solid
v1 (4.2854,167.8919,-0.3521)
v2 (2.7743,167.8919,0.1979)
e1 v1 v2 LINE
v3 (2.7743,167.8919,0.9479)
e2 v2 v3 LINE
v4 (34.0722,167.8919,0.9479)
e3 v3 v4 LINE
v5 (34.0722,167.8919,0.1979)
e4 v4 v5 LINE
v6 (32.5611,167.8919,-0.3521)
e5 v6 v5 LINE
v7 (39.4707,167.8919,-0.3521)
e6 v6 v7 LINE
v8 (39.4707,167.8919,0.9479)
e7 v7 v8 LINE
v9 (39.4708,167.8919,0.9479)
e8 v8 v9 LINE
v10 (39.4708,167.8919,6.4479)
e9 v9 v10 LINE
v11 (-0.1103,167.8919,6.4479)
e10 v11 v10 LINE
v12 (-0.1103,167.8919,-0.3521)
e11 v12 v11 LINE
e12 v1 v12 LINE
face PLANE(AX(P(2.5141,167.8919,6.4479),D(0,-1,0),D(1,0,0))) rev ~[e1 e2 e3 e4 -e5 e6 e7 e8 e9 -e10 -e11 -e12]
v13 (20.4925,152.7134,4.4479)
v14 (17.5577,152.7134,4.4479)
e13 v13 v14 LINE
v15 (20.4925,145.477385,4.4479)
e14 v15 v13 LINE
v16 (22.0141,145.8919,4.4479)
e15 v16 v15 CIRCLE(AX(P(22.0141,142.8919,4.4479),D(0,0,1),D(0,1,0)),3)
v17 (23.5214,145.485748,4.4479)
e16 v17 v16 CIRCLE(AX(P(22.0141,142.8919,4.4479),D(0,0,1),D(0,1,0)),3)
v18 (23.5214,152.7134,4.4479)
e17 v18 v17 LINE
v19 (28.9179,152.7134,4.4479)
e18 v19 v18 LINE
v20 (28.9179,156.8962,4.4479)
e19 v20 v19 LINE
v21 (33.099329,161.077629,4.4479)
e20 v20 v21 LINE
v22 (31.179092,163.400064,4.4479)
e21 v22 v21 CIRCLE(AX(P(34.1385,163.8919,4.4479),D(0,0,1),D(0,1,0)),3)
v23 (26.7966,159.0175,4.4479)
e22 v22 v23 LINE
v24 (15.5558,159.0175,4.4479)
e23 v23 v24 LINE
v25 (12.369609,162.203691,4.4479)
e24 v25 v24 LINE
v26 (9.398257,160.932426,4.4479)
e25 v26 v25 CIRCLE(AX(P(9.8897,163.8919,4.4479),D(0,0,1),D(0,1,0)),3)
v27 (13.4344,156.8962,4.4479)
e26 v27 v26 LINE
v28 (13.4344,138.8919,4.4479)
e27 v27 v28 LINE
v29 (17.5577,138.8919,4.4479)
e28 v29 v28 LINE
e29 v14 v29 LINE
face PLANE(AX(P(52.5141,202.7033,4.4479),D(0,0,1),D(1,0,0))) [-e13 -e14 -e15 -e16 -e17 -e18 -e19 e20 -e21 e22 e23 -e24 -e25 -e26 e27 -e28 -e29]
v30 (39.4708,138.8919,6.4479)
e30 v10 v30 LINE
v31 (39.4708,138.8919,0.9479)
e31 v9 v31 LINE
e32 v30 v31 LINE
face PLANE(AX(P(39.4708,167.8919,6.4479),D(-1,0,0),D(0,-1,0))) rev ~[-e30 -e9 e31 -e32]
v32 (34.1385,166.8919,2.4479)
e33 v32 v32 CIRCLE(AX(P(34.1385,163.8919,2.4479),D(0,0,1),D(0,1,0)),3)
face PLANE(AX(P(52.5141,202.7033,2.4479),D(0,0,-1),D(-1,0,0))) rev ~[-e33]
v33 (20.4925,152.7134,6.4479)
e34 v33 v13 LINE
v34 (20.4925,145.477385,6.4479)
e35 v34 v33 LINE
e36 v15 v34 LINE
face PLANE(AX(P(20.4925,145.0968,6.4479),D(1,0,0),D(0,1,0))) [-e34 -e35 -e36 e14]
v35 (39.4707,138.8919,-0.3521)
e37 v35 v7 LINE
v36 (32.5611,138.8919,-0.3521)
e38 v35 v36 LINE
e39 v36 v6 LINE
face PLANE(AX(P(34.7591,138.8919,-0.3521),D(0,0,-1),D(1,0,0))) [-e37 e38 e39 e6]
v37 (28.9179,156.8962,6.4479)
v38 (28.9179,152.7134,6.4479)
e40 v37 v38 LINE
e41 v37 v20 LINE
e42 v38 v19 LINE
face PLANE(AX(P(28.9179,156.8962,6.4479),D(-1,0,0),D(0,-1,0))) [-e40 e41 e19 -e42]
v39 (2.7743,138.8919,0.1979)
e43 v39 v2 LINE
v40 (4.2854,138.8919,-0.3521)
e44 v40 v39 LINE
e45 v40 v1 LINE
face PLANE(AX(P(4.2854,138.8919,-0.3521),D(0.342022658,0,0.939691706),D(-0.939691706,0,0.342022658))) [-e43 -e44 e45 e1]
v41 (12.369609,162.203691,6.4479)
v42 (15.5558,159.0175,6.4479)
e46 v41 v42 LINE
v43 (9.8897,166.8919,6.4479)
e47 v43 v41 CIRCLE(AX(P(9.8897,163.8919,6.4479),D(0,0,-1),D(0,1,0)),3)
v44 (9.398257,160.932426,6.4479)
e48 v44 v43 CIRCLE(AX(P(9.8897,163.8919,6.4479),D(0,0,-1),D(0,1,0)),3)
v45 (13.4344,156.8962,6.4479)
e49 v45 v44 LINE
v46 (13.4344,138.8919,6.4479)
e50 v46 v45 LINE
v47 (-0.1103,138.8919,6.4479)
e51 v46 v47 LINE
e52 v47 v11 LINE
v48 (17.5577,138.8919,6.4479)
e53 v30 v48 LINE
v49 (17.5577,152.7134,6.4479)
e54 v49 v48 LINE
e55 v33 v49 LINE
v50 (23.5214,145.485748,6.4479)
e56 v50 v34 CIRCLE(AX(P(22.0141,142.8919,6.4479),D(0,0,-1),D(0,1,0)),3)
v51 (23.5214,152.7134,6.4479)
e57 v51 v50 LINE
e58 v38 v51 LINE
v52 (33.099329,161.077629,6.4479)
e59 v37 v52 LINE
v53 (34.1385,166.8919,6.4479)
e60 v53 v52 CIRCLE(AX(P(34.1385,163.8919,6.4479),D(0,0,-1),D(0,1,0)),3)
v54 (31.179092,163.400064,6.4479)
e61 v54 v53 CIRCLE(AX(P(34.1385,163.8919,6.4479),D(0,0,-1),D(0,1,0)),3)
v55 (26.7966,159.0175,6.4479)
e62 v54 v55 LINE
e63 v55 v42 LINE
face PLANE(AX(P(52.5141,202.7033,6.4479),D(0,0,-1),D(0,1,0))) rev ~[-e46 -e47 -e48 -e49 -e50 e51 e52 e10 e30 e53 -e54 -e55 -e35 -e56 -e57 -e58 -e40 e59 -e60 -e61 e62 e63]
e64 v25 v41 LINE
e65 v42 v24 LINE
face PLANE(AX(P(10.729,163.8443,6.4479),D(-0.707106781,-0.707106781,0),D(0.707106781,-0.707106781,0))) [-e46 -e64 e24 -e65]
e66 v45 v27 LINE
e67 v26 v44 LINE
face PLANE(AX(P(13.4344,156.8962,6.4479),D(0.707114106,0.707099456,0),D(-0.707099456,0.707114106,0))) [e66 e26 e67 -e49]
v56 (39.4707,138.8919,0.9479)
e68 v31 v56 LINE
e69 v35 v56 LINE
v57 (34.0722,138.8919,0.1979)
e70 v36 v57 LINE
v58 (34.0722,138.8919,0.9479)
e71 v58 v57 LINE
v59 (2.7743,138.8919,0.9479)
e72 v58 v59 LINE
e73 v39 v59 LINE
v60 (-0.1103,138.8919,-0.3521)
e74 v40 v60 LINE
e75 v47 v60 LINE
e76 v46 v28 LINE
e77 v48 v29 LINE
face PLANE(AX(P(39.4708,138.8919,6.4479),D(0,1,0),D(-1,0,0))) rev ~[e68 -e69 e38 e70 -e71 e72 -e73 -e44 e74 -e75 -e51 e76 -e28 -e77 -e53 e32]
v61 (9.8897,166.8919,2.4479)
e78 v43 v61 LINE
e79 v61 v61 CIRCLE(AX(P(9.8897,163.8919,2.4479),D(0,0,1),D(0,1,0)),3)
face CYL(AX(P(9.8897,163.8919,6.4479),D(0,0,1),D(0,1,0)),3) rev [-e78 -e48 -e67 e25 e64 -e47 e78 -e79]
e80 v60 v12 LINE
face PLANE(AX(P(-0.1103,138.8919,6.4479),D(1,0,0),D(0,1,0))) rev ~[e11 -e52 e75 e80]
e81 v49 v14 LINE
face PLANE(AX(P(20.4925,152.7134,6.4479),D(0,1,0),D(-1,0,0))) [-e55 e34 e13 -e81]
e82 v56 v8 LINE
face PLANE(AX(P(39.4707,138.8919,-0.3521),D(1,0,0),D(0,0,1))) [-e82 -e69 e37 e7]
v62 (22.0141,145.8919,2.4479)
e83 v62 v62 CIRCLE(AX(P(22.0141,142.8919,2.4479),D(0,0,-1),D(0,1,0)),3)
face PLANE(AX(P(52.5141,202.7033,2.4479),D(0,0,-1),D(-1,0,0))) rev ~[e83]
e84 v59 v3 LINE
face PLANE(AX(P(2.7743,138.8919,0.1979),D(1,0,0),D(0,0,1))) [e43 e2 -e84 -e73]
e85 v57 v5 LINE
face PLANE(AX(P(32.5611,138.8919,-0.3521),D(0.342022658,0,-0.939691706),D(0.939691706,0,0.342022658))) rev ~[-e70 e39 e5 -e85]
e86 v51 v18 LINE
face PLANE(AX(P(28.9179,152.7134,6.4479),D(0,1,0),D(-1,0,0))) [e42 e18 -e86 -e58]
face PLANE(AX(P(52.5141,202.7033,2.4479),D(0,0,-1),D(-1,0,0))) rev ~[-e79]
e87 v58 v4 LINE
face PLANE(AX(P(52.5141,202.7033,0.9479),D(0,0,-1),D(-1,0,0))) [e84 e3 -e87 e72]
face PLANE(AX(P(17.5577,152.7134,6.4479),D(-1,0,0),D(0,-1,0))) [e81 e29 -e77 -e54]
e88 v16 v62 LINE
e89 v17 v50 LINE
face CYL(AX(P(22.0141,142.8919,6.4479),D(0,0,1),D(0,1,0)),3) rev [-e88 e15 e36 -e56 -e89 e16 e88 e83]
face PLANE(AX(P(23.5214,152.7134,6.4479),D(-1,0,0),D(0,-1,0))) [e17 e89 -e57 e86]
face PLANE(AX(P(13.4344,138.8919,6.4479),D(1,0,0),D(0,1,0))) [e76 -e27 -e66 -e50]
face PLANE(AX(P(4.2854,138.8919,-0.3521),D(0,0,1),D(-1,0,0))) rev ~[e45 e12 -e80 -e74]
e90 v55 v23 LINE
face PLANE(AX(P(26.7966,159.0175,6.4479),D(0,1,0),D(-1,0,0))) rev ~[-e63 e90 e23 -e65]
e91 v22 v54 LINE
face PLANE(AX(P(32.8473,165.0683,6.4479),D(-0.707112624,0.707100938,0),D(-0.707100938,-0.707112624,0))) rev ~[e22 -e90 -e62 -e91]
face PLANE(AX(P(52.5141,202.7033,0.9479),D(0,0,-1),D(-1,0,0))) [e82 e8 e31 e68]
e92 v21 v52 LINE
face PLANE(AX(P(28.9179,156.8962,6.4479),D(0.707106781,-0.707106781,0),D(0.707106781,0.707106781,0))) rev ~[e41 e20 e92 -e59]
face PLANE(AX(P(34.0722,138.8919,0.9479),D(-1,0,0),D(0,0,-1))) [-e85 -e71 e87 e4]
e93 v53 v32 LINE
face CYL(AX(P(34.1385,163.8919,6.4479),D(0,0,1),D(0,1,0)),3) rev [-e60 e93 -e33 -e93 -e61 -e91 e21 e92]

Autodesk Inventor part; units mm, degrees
ref_plane "YZ Plane" through (0, 0, 0) normal (1, 0, 0) x (0, 1, 0)
ref_plane "XZ Plane" through (0, 0, 0) normal (0, 1, 0) x (-1, 0, 0)
ref_plane "XY Plane" through (0, 0, 0) normal (0, 0, 1) x (1, 0, 0)
ref_plane "Work Plane1" through (52.5141, 202.7033, 6.4479) normal (0, 0, -1) x (0, 1, 0)
sketch "Sketch1" plane through (52.5141, 202.7033, 6.4479) normal (0, 0, -1) x (0, 1, 0)
  circle A0 centre (-59.8114, -30.5) radius 1.4 construction
  circle A1 centre (-38.8114, -18.3756) radius 1.4 projected
  circle A2 centre (-38.8114, -42.6244) radius 1.4 construction
  circle A3 centre (41, 0) radius 1.65 projected
  circle A4 centre (-9, 0) radius 1.65 projected
  circle A5 centre (-9, 50) radius 1.65 projected
  circle A6 centre (41, 50) radius 1.65 projected
  circle A7 centre (16, 50) radius 1.65 projected
  circle A8 centre (-9, 25) radius 1.65 projected
  circle A9 centre (16, 0) radius 1.65 projected
  circle A10 centre (41, 25) radius 1.65 projected
  line L0 (80, 55) -> (-80, 55) projected
  line L1 (-80, 55) -> (-80, -55) projected
  line L2 (-80, -55) -> (80, -55) projected
  line L3 (80, -55) -> (80, 55) projected
  line L4 (-36.5, 0) -> (-36.5, -50) projected
  line L5 (-14, 0) -> (-36.5, 0) projected
  line L6 (-14, -5) -> (-14, 0) projected
  line L7 (72, -5) -> (-14, -5) projected
  line L8 (72, -50) -> (72, -5) projected
  line L9 (-36.5, -50) -> (72, -50) projected
  line L10 (-4, 45) -> (-4, 5) projected
  line L11 (36, 45) -> (-4, 45) projected
  line L12 (36, 5) -> (36, 45) projected
  line L13 (-4, 5) -> (36, 5) projected
  line L14 (-64.5989, -17.0433) -> (-64.5989, -57.0433) construction
  line L15 (-64.5989, -57.0433) -> (-34.5989, -57.0433) construction
  line L16 (-34.5989, -57.0433) -> (-34.5989, -17.0433) construction
  line L17 (-34.5989, -17.0433) -> (-64.5989, -17.0433) construction
  line L18 (-34.8114, -13.0433) -> (-63.8114, -13.0433)
  line L19 (-63.8114, -13.0433) -> (-63.8114, -52.6244)
  line L20 (-63.8114, -52.6244) -> (-34.8114, -52.6244)
  line L21 (-34.8114, -52.6244) -> (-34.8114, -13.0433)
  circle A11 centre (-59.8114, -30.5) radius 3
  circle A12 centre (-38.8114, -18.3756) radius 3
  circle A13 centre (-38.8114, -42.6244) radius 3 construction
  line L22 (-36.5, -35.1157) -> (-41.75, -35.1157) construction
  line L23 (-41.75, -35.1157) -> (-41.75, -38.5657) construction
  line L24 (-41.75, -38.5657) -> (-56.86, -38.5657) construction
  line L25 (-56.86, -38.5657) -> (-56.86, -35.1157) construction
  line L26 (-56.86, -35.1157) -> (-60.26, -35.1157) construction
  line L27 (-60.26, -35.1157) -> (-60.26, -52.0657) construction
  line L28 (-60.26, -52.0657) -> (-36.5, -52.0657) construction
  line L29 (-36.5, -52.0657) -> (-36.5, -35.1157) construction
  line L30 (-41.75, -28.3657) -> (-36.5, -28.3657) construction
  line L31 (-36.5, -28.3657) -> (-36.5, -25.0657) construction
  line L32 (-36.5, -25.0657) -> (-60.26, -25.0657) construction
  line L33 (-60.26, -25.0657) -> (-60.26, -28.3657) construction
  line L34 (-60.26, -28.3657) -> (-56.86, -28.3657) construction
  line L35 (-56.86, -28.3657) -> (-56.86, -27.0942) construction
  line L36 (-56.86, -27.0942) -> (-41.75, -27.0942) construction
  line L37 (-41.75, -27.0942) -> (-41.75, -28.3657) construction
  line L38 (-56.86, -35.1157) -> (-60.26, -35.1157) construction
  line L39 (-56.86, -38.5657) -> (-56.86, -35.1157) construction
  line L40 (-41.75, -38.5657) -> (-56.86, -38.5657) construction
  line L41 (-41.75, -35.1157) -> (-41.75, -38.5657) construction
  line L42 (-36.5, -35.1157) -> (-41.75, -35.1157) construction
  line L43 (-36.5, -35.05) -> (-36.5, -35.1157) construction
  line L44 (-36.5, -35.05) -> (-56.86, -35.05) construction
  line L45 (-36.5, -34.78) -> (-36.5, -35.05) construction
  line L46 (-36.5, -34.78) -> (-56.86, -34.78) construction
  line L47 (-36.5, -34.51) -> (-36.5, -34.78) construction
  line L48 (-36.5, -34.51) -> (-56.86, -34.51) construction
  line L49 (-36.5, -34.24) -> (-36.5, -34.51) construction
  line L50 (-36.5, -34.24) -> (-56.86, -34.24) construction
  line L51 (-36.5, -33.97) -> (-36.5, -34.24) construction
  line L52 (-36.5, -33.97) -> (-56.86, -33.97) construction
  line L53 (-36.5, -33.7) -> (-36.5, -33.97) construction
  line L54 (-36.5, -33.7) -> (-56.86, -33.7) construction
  line L55 (-36.5, -33.43) -> (-36.5, -33.7) construction
  line L56 (-36.5, -33.43) -> (-56.86, -33.43) construction
  line L57 (-36.5, -33.16) -> (-36.5, -33.43) construction
  line L58 (-36.5, -33.16) -> (-56.86, -33.16) construction
  line L59 (-36.5, -32.89) -> (-36.5, -33.16) construction
  line L60 (-36.5, -32.89) -> (-56.86, -32.89) construction
  line L61 (-36.5, -32.62) -> (-36.5, -32.89) construction
  line L62 (-36.5, -32.62) -> (-56.86, -32.62) construction
  line L63 (-36.5, -32.35) -> (-36.5, -32.62) construction
  line L64 (-36.5, -32.35) -> (-56.86, -32.35) construction
  line L65 (-36.5, -32.08) -> (-36.5, -32.35) construction
  line L66 (-36.5, -32.08) -> (-56.86, -32.08) construction
  line L67 (-36.5, -31.81) -> (-36.5, -32.08) construction
  line L68 (-36.5, -31.81) -> (-56.86, -31.81) construction
  line L69 (-36.5, -31.54) -> (-36.5, -31.81) construction
  line L70 (-36.5, -31.54) -> (-56.86, -31.54) construction
  line L71 (-36.5, -31.27) -> (-36.5, -31.54) construction
  line L72 (-36.5, -31.27) -> (-56.86, -31.27) construction
  line L73 (-36.5, -31) -> (-36.5, -31.27) construction
  line L74 (-36.5, -31) -> (-56.86, -31) construction
  line L75 (-36.5, -30.73) -> (-36.5, -31) construction
  line L76 (-36.5, -30.73) -> (-56.86, -30.73) construction
  line L77 (-36.5, -30.46) -> (-36.5, -30.73) construction
  line L78 (-36.5, -30.46) -> (-56.86, -30.46) construction
  line L79 (-36.5, -30.19) -> (-36.5, -30.46) construction
  line L80 (-36.5, -30.19) -> (-56.86, -30.19) construction
  line L81 (-36.5, -29.92) -> (-36.5, -30.19) construction
  line L82 (-36.5, -29.92) -> (-56.86, -29.92) construction
  line L83 (-36.5, -29.65) -> (-36.5, -29.92) construction
  line L84 (-36.5, -29.65) -> (-56.86, -29.65) construction
  line L85 (-36.5, -29.38) -> (-36.5, -29.65) construction
  line L86 (-36.5, -29.38) -> (-56.86, -29.38) construction
  line L87 (-36.5, -29.11) -> (-36.5, -29.38) construction
  line L88 (-36.5, -29.11) -> (-56.86, -29.11) construction
  line L89 (-36.5, -28.84) -> (-36.5, -29.11) construction
  line L90 (-36.5, -28.84) -> (-56.86, -28.84) construction
  line L91 (-36.5, -28.3657) -> (-36.5, -28.84) construction
  line L92 (-41.75, -28.3657) -> (-36.5, -28.3657) construction
  line L93 (-41.75, -27.0942) -> (-41.75, -28.3657) construction
  line L94 (-56.86, -27.0942) -> (-41.75, -27.0942) construction
  line L95 (-56.86, -28.3657) -> (-56.86, -27.0942) construction
  line L96 (-60.26, -28.3657) -> (-56.86, -28.3657) construction
  line L97 (-60.26, -35.1157) -> (-60.26, -28.3657) construction
  line L98 (-60.26, -25.0657) -> (-36.5, -25.0657) construction
  line L99 (-36.5, -25.0657) -> (-36.5, -52.0657) construction
  line L100 (-60.26, -52.0657) -> (-60.26, -25.0657) construction
  line L101 (-57.1632, -22.5233) -> (-33.4032, -22.5233) construction
  line L102 (-33.4032, -22.5233) -> (-33.4032, -49.5233) construction
  line L103 (-33.4032, -49.5233) -> (-57.1632, -49.5233) construction
  line L104 (-57.1632, -49.5233) -> (-57.1632, -22.5233) construction
  circle A14 centre (-38.8114, -42.6244) radius 3
  point P0 (-202.7033, -52.5141)
  point P1 (-56.7146, -27.9576)
  dimension "d0" = 4
  dimension "d2" = 4
  dimension "d3" = 4
  dimension "d4" = 6
  dimension "d5" = 6
  dimension "d6" = 6
  dimension "d10" = 10
extrude "Extrusion1" add sketch "Sketch1" along normal blind 4 contours L18 L21 L9 L4 A14 A12 | L4 A12 A14 L9 L21 L20 L19 L18
sketch "Sketch2" plane through (52.5141, 202.7033, 2.4479) normal (0, 0, -1) x (-1, 0, 0)
  circle A0 centre (42.6244, -38.8114) radius 3 projected
  circle A1 centre (18.3756, -38.8114) radius 3 projected
  circle A2 centre (30.5, -59.8114) radius 3 projected
  line L0 (13.0433, -34.8114) -> (13.0433, -63.8114) projected
  line L1 (13.0433, -63.8114) -> (52.6244, -63.8114) projected
  line L2 (52.6244, -63.8114) -> (52.6244, -34.8114) projected
  line L3 (52.6244, -34.8114) -> (13.0433, -34.8114) projected
  point P0 (52.5141, -202.7033)
extrude "Extrusion2" add sketch "Sketch2" along normal blind 1.5 contours A0 | A1 | A2 | L3 L2 L1 L0
sketch "Sketch3" plane through (-0.1103, 138.8919, 6.4479) normal (0, -1, 0) x (1, 0, 0)
  line L0 (39.581, 0) -> (0, 0) construction
  line L1 (0, 0) -> (0, -5.5) construction
  line L2 (39.581, -5.5) -> (0, -5.5) projected
  line L3 (39.581, 0) -> (39.581, -5.5) projected
  line L4 (17.5087, -7.4479) -> (17.5087, -6.8479) construction
  line L5 (17.5087, -6.8479) -> (24.2587, -6.8479) construction
  line L6 (24.2587, -6.8479) -> (24.2587, -7.4479) construction
  line L7 (27.5587, -7.4479) -> (24.2587, -7.4479) construction
  line L8 (27.5587, -6.4479) -> (27.5587, -7.4479) construction
  line L9 (27.5587, -6.4479) -> (0.5587, -6.4479) construction
  line L10 (0.5587, -6.4479) -> (0.5587, -7.4479) construction
  line L11 (17.5087, -7.4479) -> (0.5587, -7.4479) construction
  line L12 (39.581, 0) -> (39.581, -5.5) construction
  line L13 (39.581, -5.5) -> (34.1825, -5.5)
  line L14 (34.1825, -5.5) -> (34.1825, -6.25)
  line L15 (34.8694, -6.8) -> (39.581, -6.8)
  line L16 (39.581, -6.8) -> (39.581, -5.5)
  line L17 (39.581, -6.8) -> (32.6714, -6.8)
  line L18 (32.6714, -6.8) -> (34.1825, -6.25)
  line L19 (12.6726, -5.5) -> (12.6726, -6.5) projected
  line L20 (0, 0) -> (0, -5.5) construction
  line L21 (0, -5.5) -> (2.8846, -5.5)
  line L22 (4.3957, -6.8) -> (0, -6.8)
  line L23 (0, -6.8) -> (0, -5.5)
  line L24 (4.3957, -6.8) -> (4.3957, -6.8)
  line L25 (0, -5.5) -> (39.581, -5.5) projected
  line L26 (4.3957, -6.8) -> (2.8846, -6.25)
  line L27 (2.8846, -6.25) -> (2.8846, -5.5)
  line L28 (3.4957, -5.5) -> (33.4957, -5.5) construction
  line L29 (33.4957, -5.5) -> (33.4957, -6.5) construction
  line L30 (33.4957, -6.5) -> (3.4957, -6.5) construction
  line L31 (3.4957, -6.5) -> (3.4957, -5.5) construction
  point P0 (8.981, -5.5)
  dimension "d42" = 1.3
  dimension "d43" = 110
  dimension "d45" = 0.75
  dimension "h1" = 0.75
  dimension "d47" = 110
  dimension "d48" = 30
  dimension "d49" = 1
  dimension "d50" = 0.9
  dimension "d51" = 0
extrude "Extrusion3" add sketch "Sketch3" against normal up to surface (29 mm away)
sketch "Sketch6" plane through (52.5141, 202.7033, 6.4479) normal (0, 0, 1) x (1, 0, 0)
  line L0 (-13.0433, -34.8114) -> (-13.0433, -63.8114) projected
  line L1 (-52.6244, -34.8114) -> (-13.0433, -34.8114) projected
  line L2 (-52.6244, -63.8114) -> (-52.6244, -34.8114) projected
  line L3 (-13.0433, -63.8114) -> (-52.6244, -63.8114) projected
  line L4 (-23.5962, -45.8071) -> (-17.5454, -39.7563)
  line L5 (-17.5454, -39.7563) -> (-19.6668, -37.635)
  line L6 (-19.6668, -37.635) -> (-25.7175, -43.6858)
  line L7 (-25.7175, -43.6858) -> (-23.5962, -45.8071)
  line L8 (-23.5962, -45.8071) -> (-19.6668, -37.635) construction
  line L9 (-17.5454, -39.7563) -> (-25.7175, -43.6858) construction
  line L10 (-39.0797, -45.8071) -> (-43.9064, -40.9803)
  line L11 (-43.9064, -40.9803) -> (-41.7851, -38.859)
  line L12 (-41.7851, -38.859) -> (-36.9583, -43.6858)
  line L13 (-36.9583, -43.6858) -> (-39.0797, -45.8071)
  line L14 (-39.0797, -45.8071) -> (-41.7851, -38.859) construction
  line L15 (-43.9064, -40.9803) -> (-36.9583, -43.6858) construction
  line L16 (-25.7175, -43.6858) -> (-36.9583, -43.6858)
  line L17 (-23.5962, -45.8071) -> (-23.5962, -49.9899)
  line L18 (-23.5962, -49.9899) -> (-39.0797, -49.9899)
  line L19 (-39.0797, -49.9899) -> (-39.0797, -45.8071)
  line L20 (-32.0216, -49.9899) -> (-28.9927, -49.9899)
  line L21 (-28.9927, -49.9899) -> (-28.9927, -57.6065)
  line L22 (-28.9927, -57.6065) -> (-32.0216, -57.6065)
  line L23 (-32.0216, -57.6065) -> (-32.0216, -49.9899)
  line L24 (-39.0797, -45.8071) -> (-39.0797, -49.9899)
  line L25 (-48.2287, -63.8114) -> (-48.2287, -34.8114) construction
  line L26 (-39.0797, -49.9899) -> (-34.9564, -49.9899)
  line L27 (-34.9564, -49.9899) -> (-34.9564, -63.8114)
  line L28 (-34.9564, -63.8114) -> (-39.0797, -63.8114)
  line L29 (-39.0797, -63.8114) -> (-39.0797, -49.9899)
  point P0 (-52.5141, -202.7033)
  point P1 (-21.6315, -41.7211)
  point P2 (-40.4324, -42.333)
  dimension "d35" = 3
  dimension "d36" = 3
  dimension "d37" = 45
  dimension "d38" = 0
extrude "Extrusion6" cut sketch "Sketch6" against normal blind 2 contours L3 L29 L18 L27 | L18 L19 L13 L16 L7 L17 | L18 L21 L22 L23 | L10 L11 L12 L13 | L6 L5 L4 L7
sketch "Sketch7" plane through (-0.1103, 138.8919, 6.4479) normal (0, -1, 0) x (0, 0, 1)
  line L0 (-11.273, -20.7778) -> (-5.5, -20.7778)
  line L1 (-5.5, -20.7778) -> (-5.5, -10.7778)
  line L2 (-5.5, -10.7778) -> (-11.273, -10.7778)
  line L3 (-11.273, -10.7778) -> (-11.273, -20.7778)
  line L4 (-5.5, -34.1825) -> (-5.5, -2.8846) projected
  point P0 (-6.8, -32.6714)
  dimension "d53" = 10
extrude "Extrusion7" [suppressed]
fillet "Fillet1" [suppressed]
sketch "Sketch8" plane through (-0.1103, 138.8919, 6.4479) normal (0, -1, 0) x (0, 0, 1)
  line L0 (0, 0) -> (-6.8, 0) projected
  line L1 (0, 0) -> (-6.8, 0) projected
  circle A0 centre (-7.6471, -15.7336) radius 2.6
  line L2 (-6.8, 0) -> (-6.8, 0) projected
  point P0 (-6.4479, -0.1103)
  dimension "d58" = 5.2
extrude "Extrusion8" [suppressed]
equation "\"d45\" = h1"
properties part number "cellSTORM_v5_chiptray_old_0"
